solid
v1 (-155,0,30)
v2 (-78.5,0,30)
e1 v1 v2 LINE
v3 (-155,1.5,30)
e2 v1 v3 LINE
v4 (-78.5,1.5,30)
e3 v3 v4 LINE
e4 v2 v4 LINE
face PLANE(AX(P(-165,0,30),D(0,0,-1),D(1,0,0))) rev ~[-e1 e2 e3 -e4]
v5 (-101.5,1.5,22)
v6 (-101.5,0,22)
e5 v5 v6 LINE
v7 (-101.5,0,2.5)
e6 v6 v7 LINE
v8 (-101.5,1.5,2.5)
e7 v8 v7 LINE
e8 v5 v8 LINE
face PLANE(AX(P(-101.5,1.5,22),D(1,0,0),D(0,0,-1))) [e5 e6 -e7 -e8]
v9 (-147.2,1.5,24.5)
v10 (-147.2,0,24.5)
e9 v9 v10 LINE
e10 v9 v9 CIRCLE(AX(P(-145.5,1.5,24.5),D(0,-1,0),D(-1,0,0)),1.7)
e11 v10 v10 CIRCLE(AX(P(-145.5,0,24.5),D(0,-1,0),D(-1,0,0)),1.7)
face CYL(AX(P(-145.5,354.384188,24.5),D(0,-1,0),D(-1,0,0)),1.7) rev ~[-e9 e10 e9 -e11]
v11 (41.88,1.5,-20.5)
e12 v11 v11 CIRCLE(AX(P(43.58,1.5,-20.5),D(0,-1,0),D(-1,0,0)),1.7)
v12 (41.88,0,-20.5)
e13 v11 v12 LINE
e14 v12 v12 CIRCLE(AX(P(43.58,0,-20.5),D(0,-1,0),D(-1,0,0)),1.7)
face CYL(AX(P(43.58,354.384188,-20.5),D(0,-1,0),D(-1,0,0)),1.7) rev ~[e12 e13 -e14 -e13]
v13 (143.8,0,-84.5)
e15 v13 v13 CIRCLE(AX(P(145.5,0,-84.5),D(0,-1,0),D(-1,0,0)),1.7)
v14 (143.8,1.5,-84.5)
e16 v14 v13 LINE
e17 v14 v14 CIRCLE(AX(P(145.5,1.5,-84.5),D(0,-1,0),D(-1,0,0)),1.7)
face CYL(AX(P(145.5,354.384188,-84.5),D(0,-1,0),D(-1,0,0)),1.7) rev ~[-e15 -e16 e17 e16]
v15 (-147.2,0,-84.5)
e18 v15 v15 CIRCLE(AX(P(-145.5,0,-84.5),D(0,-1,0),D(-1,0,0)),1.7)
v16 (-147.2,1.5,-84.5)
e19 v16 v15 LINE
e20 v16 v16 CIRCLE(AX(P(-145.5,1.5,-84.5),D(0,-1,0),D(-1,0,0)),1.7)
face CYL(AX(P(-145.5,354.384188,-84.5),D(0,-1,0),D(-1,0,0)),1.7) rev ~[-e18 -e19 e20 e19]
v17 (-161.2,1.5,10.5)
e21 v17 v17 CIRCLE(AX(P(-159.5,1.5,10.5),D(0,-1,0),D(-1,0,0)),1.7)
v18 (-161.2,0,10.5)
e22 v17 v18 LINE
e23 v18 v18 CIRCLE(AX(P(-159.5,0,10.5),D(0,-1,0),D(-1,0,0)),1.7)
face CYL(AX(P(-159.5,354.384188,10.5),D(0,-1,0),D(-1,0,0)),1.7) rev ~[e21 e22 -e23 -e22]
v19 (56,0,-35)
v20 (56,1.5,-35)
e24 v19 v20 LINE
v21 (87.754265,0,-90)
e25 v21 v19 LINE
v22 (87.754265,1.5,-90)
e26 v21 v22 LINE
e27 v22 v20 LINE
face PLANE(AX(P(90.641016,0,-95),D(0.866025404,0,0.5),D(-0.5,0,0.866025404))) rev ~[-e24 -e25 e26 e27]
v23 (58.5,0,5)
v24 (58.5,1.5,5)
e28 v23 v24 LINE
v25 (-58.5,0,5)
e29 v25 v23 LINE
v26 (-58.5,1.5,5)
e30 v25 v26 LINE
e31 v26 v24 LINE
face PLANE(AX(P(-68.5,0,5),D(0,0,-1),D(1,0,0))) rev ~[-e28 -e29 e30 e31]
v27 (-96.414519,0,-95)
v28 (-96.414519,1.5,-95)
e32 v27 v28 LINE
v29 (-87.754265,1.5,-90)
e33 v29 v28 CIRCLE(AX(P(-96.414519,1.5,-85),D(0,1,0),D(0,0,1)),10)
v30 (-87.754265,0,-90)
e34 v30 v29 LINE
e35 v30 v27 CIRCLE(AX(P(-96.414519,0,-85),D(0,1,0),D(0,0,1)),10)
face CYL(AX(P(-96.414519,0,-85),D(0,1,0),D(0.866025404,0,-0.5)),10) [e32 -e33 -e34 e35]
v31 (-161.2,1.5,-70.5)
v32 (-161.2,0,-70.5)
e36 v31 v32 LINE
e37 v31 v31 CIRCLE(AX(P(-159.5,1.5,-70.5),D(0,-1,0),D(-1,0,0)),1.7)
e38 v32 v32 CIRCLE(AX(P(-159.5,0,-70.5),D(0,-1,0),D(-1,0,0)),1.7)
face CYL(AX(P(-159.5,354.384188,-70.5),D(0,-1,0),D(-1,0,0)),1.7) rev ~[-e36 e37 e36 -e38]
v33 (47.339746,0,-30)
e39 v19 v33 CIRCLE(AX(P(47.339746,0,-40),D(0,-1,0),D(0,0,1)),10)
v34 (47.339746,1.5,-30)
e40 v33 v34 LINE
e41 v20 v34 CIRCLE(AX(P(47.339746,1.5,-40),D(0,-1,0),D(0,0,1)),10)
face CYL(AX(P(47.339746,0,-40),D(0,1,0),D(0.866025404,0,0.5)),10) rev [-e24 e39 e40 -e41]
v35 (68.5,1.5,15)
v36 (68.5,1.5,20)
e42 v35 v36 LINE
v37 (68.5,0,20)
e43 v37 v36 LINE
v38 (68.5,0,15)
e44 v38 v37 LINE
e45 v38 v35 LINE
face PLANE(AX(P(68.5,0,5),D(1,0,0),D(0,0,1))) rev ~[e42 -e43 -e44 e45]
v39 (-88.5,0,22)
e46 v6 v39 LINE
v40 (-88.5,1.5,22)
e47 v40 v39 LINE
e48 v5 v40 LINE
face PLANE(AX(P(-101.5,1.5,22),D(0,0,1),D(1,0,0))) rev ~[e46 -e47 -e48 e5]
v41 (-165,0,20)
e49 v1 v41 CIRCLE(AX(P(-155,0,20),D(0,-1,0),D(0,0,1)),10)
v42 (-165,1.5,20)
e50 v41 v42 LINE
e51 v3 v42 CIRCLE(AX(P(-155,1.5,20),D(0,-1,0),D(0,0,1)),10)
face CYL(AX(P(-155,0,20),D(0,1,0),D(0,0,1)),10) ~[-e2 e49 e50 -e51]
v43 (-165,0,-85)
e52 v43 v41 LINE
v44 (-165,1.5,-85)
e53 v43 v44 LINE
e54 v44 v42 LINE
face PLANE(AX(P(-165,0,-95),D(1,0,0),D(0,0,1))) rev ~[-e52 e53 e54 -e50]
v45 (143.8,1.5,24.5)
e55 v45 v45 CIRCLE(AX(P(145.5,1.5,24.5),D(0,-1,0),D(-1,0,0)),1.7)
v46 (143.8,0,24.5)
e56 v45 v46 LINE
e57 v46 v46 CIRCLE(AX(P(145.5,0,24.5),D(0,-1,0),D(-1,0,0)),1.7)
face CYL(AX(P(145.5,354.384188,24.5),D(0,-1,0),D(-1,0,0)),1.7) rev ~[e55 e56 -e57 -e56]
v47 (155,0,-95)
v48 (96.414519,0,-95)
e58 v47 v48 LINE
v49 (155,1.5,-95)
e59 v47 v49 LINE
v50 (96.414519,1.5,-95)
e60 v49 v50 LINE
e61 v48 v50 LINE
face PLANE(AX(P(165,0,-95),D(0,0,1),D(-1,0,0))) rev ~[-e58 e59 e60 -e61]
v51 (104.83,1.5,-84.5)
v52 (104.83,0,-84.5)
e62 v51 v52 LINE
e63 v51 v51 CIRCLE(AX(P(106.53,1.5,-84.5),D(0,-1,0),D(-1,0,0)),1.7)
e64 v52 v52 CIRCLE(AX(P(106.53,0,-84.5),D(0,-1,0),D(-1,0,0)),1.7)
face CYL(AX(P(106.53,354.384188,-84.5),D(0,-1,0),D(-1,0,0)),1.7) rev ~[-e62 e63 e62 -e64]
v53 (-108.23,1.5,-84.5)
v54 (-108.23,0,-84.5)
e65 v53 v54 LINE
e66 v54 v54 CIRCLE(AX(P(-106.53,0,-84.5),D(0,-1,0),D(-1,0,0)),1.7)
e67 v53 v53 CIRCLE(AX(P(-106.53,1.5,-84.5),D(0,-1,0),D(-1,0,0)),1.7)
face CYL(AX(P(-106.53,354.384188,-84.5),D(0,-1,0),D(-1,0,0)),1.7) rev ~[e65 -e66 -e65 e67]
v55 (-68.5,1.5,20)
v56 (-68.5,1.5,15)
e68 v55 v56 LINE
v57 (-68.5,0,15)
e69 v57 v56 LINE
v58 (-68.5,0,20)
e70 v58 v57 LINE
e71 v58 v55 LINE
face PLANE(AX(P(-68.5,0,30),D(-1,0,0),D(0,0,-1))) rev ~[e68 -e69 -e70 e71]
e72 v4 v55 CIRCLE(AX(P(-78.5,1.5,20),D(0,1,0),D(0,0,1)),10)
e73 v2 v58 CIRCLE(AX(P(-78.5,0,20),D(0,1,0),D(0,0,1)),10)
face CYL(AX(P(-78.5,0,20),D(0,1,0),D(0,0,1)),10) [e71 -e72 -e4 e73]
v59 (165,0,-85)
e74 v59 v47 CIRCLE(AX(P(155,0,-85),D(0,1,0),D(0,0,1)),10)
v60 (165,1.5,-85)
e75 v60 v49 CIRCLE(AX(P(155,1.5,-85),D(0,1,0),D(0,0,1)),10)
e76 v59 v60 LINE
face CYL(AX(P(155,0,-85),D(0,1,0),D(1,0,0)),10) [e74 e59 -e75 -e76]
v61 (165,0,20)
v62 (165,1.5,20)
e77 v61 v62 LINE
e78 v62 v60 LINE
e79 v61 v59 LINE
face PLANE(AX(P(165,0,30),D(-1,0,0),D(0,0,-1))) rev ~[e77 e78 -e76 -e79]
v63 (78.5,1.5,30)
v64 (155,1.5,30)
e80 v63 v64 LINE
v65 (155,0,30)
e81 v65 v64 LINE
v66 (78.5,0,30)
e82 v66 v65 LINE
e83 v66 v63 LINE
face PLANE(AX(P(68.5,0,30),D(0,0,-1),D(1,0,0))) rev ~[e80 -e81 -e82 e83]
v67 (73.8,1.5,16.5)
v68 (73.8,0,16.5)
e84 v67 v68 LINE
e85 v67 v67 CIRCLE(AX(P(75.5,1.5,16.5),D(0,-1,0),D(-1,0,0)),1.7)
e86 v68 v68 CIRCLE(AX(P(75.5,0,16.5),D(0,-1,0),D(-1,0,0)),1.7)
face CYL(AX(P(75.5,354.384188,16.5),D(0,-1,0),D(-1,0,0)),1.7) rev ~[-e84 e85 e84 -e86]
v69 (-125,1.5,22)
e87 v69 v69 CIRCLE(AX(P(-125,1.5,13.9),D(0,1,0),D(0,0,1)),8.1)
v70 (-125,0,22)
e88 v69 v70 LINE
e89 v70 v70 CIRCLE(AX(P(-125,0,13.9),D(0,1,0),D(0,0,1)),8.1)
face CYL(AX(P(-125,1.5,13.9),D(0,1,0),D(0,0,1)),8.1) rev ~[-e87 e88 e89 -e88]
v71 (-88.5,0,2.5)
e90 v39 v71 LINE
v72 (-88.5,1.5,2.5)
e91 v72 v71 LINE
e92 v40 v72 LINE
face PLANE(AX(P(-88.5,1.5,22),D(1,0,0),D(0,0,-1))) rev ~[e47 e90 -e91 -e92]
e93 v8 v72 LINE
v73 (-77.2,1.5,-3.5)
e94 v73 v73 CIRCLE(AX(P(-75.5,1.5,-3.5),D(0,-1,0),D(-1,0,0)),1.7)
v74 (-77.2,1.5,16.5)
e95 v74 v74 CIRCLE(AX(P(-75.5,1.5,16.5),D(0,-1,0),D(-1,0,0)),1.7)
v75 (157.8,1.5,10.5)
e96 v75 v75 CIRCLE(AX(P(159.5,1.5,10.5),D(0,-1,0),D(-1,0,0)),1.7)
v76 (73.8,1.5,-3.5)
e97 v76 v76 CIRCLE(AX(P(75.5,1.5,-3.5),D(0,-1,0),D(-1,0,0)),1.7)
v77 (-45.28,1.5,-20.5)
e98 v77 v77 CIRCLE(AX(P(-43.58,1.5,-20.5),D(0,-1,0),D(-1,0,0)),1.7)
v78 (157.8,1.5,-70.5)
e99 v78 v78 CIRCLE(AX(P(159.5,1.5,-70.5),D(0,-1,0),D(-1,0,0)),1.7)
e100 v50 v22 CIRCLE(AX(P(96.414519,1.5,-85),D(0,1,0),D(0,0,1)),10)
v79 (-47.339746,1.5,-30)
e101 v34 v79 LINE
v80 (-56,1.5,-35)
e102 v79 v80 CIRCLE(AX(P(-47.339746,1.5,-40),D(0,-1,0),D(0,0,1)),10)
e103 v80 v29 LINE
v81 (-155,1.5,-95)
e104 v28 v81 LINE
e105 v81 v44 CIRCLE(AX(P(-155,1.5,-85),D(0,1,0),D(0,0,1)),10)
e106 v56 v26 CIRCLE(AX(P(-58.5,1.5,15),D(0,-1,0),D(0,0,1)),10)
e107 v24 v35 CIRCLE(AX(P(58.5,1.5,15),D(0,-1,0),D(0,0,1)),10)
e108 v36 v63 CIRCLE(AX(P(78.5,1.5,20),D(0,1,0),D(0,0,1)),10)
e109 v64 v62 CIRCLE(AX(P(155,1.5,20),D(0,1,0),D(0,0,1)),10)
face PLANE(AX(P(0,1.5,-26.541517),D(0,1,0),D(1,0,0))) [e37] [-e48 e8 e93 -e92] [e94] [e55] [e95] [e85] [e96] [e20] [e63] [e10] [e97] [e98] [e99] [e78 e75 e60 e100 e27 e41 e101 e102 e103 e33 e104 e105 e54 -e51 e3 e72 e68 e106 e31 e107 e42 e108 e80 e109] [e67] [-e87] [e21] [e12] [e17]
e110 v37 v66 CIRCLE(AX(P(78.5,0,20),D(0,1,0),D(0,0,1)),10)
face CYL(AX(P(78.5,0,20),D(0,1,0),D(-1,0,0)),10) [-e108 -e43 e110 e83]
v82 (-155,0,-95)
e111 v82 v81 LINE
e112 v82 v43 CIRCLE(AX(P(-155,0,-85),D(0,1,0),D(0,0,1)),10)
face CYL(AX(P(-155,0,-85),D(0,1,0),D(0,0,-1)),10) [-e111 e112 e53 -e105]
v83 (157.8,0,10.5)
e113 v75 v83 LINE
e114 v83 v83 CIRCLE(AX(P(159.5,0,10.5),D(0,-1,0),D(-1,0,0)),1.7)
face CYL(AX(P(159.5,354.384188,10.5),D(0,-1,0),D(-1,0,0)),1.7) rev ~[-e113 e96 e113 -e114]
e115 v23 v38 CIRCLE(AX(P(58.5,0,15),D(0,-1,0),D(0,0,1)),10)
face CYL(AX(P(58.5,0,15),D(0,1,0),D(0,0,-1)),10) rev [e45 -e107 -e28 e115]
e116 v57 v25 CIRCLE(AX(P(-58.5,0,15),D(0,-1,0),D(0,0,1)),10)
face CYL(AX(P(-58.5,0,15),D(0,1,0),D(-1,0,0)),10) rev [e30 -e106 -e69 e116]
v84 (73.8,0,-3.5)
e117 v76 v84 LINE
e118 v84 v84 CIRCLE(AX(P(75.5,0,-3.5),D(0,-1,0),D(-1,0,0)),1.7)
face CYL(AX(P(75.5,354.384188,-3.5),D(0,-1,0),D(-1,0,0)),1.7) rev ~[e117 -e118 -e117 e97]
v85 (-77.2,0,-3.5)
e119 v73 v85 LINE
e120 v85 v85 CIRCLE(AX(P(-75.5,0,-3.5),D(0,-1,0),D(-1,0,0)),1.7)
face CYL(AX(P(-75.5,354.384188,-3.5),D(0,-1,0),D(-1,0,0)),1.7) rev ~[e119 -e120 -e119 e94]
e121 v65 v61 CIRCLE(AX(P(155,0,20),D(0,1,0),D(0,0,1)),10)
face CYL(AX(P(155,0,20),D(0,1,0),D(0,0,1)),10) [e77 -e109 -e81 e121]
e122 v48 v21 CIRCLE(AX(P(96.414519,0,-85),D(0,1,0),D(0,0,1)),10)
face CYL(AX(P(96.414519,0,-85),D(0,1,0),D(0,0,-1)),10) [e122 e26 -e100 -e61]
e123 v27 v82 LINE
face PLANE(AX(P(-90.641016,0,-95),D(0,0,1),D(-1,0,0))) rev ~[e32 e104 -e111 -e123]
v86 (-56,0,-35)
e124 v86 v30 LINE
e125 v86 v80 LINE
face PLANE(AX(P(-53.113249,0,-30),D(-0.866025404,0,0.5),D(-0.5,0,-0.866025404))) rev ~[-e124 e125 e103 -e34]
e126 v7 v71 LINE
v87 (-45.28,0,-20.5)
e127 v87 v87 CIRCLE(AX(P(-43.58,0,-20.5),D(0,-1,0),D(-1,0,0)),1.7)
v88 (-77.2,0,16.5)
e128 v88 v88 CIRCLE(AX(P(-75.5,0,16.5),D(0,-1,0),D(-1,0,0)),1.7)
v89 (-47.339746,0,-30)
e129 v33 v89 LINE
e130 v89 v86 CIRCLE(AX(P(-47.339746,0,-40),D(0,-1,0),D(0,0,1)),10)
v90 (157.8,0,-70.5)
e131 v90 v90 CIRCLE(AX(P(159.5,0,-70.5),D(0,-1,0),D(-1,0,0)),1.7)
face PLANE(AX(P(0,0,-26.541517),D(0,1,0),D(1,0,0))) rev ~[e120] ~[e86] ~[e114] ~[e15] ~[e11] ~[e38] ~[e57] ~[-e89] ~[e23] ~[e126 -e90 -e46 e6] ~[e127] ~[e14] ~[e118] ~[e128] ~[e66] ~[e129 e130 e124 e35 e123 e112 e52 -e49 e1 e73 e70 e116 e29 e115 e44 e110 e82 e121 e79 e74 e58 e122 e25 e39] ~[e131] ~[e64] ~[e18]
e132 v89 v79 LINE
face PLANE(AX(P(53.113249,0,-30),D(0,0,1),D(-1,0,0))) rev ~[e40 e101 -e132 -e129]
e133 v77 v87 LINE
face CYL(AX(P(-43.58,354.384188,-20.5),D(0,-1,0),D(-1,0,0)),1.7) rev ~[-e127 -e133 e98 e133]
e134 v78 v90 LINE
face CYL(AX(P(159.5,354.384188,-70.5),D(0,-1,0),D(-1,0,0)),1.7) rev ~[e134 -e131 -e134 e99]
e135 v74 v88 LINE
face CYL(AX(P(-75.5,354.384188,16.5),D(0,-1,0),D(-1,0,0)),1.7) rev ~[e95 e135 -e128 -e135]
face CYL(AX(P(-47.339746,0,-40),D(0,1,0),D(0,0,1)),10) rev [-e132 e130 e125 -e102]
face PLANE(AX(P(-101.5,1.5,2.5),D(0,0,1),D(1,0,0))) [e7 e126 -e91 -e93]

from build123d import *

# Parameters (mm, degrees)
BOSS_EXTRU_1_DEPTH      = 1.5
CONG_2_R                = 10
D_GAGEMENT_M31_D        = 3.4
ESQUISSE4_R             = 8.1
ESQUISSE4_W             = 13
ESQUISSE4_H             = 19.5
ENL_V_MAT_EXTRU_1_DEPTH = 191.400236344


with BuildPart() as part:
    # Esquisse1 → Boss.-Extru.1 (new body)
    with BuildSketch(Plane(origin=(0, 0, 0), x_dir=(1, 0, 0), z_dir=(0, 1, 0))):
        Polygon((-165, -30), (-68.5, -30), (-68.5, -5), (68.5, -5), (68.5, -30), (165, -30), (165, 90), (165, 95), (90.641016151, 95), (53.113248654, 30), (-53.113248654, 30), (-90.641016151, 95), (-165, 95), (-165, 90), align=None)
    extrude(amount=BOSS_EXTRU_1_DEPTH)

    # Congé2
    cong_2_edges = [part.edges().sort_by_distance(p)[0] for p in [
        (68.5, 0.75, 30),
        (68.5, 0.75, 5),
        (-68.5, 0.75, 5),
        (-68.5, 0.75, 30),
        (-165, 0.75, 30),
        (-165, 0.75, -95),
        (-90.641016151, 0.75, -95),
        (-53.113248654, 0.75, -30),
        (53.113248654, 0.75, -30),
        (90.641016151, 0.75, -95),
        (165, 0.75, -95),
        (165, 0.75, 30),
    ]]
    fillet(cong_2_edges, radius=CONG_2_R)

    # Dégagement M31 (through all)
    with Locations(Plane(origin=(0, 1.5, 0), x_dir=(1, 0, 0), z_dir=(0, 1, 0))):
        with Locations((-75.5, -16.5), (-75.5, 3.5), (75.5, -16.5), (75.5, 3.5), (-145.5, -24.5), (-159.5, -10.5), (-159.5, 70.5), (-145.5, 84.5), (145.5, -24.5), (159.5, -10.5), (145.5, 84.5), (159.5, 70.5), (-43.58, 20.5), (43.58, 20.5), (-106.53, 84.5), (106.53, 84.5)):
            Hole(D_GAGEMENT_M31_D / 2)

    # Esquisse4 → Enlèv. mat.-Extru.1 (cut, through all)
    with BuildSketch(Plane(origin=(0, 1.5, 0), x_dir=(1, 0, 0), z_dir=(0, 1, 0))):
        with Locations(Location((-125, -13.9, 0), (0, 0, 270))):
            Circle(ESQUISSE4_R)
        with Locations((-95, -12.25)):
            Rectangle(ESQUISSE4_W, ESQUISSE4_H)
    extrude(amount=-ENL_V_MAT_EXTRU_1_DEPTH, mode=Mode.SUBTRACT)


solid = part.part
